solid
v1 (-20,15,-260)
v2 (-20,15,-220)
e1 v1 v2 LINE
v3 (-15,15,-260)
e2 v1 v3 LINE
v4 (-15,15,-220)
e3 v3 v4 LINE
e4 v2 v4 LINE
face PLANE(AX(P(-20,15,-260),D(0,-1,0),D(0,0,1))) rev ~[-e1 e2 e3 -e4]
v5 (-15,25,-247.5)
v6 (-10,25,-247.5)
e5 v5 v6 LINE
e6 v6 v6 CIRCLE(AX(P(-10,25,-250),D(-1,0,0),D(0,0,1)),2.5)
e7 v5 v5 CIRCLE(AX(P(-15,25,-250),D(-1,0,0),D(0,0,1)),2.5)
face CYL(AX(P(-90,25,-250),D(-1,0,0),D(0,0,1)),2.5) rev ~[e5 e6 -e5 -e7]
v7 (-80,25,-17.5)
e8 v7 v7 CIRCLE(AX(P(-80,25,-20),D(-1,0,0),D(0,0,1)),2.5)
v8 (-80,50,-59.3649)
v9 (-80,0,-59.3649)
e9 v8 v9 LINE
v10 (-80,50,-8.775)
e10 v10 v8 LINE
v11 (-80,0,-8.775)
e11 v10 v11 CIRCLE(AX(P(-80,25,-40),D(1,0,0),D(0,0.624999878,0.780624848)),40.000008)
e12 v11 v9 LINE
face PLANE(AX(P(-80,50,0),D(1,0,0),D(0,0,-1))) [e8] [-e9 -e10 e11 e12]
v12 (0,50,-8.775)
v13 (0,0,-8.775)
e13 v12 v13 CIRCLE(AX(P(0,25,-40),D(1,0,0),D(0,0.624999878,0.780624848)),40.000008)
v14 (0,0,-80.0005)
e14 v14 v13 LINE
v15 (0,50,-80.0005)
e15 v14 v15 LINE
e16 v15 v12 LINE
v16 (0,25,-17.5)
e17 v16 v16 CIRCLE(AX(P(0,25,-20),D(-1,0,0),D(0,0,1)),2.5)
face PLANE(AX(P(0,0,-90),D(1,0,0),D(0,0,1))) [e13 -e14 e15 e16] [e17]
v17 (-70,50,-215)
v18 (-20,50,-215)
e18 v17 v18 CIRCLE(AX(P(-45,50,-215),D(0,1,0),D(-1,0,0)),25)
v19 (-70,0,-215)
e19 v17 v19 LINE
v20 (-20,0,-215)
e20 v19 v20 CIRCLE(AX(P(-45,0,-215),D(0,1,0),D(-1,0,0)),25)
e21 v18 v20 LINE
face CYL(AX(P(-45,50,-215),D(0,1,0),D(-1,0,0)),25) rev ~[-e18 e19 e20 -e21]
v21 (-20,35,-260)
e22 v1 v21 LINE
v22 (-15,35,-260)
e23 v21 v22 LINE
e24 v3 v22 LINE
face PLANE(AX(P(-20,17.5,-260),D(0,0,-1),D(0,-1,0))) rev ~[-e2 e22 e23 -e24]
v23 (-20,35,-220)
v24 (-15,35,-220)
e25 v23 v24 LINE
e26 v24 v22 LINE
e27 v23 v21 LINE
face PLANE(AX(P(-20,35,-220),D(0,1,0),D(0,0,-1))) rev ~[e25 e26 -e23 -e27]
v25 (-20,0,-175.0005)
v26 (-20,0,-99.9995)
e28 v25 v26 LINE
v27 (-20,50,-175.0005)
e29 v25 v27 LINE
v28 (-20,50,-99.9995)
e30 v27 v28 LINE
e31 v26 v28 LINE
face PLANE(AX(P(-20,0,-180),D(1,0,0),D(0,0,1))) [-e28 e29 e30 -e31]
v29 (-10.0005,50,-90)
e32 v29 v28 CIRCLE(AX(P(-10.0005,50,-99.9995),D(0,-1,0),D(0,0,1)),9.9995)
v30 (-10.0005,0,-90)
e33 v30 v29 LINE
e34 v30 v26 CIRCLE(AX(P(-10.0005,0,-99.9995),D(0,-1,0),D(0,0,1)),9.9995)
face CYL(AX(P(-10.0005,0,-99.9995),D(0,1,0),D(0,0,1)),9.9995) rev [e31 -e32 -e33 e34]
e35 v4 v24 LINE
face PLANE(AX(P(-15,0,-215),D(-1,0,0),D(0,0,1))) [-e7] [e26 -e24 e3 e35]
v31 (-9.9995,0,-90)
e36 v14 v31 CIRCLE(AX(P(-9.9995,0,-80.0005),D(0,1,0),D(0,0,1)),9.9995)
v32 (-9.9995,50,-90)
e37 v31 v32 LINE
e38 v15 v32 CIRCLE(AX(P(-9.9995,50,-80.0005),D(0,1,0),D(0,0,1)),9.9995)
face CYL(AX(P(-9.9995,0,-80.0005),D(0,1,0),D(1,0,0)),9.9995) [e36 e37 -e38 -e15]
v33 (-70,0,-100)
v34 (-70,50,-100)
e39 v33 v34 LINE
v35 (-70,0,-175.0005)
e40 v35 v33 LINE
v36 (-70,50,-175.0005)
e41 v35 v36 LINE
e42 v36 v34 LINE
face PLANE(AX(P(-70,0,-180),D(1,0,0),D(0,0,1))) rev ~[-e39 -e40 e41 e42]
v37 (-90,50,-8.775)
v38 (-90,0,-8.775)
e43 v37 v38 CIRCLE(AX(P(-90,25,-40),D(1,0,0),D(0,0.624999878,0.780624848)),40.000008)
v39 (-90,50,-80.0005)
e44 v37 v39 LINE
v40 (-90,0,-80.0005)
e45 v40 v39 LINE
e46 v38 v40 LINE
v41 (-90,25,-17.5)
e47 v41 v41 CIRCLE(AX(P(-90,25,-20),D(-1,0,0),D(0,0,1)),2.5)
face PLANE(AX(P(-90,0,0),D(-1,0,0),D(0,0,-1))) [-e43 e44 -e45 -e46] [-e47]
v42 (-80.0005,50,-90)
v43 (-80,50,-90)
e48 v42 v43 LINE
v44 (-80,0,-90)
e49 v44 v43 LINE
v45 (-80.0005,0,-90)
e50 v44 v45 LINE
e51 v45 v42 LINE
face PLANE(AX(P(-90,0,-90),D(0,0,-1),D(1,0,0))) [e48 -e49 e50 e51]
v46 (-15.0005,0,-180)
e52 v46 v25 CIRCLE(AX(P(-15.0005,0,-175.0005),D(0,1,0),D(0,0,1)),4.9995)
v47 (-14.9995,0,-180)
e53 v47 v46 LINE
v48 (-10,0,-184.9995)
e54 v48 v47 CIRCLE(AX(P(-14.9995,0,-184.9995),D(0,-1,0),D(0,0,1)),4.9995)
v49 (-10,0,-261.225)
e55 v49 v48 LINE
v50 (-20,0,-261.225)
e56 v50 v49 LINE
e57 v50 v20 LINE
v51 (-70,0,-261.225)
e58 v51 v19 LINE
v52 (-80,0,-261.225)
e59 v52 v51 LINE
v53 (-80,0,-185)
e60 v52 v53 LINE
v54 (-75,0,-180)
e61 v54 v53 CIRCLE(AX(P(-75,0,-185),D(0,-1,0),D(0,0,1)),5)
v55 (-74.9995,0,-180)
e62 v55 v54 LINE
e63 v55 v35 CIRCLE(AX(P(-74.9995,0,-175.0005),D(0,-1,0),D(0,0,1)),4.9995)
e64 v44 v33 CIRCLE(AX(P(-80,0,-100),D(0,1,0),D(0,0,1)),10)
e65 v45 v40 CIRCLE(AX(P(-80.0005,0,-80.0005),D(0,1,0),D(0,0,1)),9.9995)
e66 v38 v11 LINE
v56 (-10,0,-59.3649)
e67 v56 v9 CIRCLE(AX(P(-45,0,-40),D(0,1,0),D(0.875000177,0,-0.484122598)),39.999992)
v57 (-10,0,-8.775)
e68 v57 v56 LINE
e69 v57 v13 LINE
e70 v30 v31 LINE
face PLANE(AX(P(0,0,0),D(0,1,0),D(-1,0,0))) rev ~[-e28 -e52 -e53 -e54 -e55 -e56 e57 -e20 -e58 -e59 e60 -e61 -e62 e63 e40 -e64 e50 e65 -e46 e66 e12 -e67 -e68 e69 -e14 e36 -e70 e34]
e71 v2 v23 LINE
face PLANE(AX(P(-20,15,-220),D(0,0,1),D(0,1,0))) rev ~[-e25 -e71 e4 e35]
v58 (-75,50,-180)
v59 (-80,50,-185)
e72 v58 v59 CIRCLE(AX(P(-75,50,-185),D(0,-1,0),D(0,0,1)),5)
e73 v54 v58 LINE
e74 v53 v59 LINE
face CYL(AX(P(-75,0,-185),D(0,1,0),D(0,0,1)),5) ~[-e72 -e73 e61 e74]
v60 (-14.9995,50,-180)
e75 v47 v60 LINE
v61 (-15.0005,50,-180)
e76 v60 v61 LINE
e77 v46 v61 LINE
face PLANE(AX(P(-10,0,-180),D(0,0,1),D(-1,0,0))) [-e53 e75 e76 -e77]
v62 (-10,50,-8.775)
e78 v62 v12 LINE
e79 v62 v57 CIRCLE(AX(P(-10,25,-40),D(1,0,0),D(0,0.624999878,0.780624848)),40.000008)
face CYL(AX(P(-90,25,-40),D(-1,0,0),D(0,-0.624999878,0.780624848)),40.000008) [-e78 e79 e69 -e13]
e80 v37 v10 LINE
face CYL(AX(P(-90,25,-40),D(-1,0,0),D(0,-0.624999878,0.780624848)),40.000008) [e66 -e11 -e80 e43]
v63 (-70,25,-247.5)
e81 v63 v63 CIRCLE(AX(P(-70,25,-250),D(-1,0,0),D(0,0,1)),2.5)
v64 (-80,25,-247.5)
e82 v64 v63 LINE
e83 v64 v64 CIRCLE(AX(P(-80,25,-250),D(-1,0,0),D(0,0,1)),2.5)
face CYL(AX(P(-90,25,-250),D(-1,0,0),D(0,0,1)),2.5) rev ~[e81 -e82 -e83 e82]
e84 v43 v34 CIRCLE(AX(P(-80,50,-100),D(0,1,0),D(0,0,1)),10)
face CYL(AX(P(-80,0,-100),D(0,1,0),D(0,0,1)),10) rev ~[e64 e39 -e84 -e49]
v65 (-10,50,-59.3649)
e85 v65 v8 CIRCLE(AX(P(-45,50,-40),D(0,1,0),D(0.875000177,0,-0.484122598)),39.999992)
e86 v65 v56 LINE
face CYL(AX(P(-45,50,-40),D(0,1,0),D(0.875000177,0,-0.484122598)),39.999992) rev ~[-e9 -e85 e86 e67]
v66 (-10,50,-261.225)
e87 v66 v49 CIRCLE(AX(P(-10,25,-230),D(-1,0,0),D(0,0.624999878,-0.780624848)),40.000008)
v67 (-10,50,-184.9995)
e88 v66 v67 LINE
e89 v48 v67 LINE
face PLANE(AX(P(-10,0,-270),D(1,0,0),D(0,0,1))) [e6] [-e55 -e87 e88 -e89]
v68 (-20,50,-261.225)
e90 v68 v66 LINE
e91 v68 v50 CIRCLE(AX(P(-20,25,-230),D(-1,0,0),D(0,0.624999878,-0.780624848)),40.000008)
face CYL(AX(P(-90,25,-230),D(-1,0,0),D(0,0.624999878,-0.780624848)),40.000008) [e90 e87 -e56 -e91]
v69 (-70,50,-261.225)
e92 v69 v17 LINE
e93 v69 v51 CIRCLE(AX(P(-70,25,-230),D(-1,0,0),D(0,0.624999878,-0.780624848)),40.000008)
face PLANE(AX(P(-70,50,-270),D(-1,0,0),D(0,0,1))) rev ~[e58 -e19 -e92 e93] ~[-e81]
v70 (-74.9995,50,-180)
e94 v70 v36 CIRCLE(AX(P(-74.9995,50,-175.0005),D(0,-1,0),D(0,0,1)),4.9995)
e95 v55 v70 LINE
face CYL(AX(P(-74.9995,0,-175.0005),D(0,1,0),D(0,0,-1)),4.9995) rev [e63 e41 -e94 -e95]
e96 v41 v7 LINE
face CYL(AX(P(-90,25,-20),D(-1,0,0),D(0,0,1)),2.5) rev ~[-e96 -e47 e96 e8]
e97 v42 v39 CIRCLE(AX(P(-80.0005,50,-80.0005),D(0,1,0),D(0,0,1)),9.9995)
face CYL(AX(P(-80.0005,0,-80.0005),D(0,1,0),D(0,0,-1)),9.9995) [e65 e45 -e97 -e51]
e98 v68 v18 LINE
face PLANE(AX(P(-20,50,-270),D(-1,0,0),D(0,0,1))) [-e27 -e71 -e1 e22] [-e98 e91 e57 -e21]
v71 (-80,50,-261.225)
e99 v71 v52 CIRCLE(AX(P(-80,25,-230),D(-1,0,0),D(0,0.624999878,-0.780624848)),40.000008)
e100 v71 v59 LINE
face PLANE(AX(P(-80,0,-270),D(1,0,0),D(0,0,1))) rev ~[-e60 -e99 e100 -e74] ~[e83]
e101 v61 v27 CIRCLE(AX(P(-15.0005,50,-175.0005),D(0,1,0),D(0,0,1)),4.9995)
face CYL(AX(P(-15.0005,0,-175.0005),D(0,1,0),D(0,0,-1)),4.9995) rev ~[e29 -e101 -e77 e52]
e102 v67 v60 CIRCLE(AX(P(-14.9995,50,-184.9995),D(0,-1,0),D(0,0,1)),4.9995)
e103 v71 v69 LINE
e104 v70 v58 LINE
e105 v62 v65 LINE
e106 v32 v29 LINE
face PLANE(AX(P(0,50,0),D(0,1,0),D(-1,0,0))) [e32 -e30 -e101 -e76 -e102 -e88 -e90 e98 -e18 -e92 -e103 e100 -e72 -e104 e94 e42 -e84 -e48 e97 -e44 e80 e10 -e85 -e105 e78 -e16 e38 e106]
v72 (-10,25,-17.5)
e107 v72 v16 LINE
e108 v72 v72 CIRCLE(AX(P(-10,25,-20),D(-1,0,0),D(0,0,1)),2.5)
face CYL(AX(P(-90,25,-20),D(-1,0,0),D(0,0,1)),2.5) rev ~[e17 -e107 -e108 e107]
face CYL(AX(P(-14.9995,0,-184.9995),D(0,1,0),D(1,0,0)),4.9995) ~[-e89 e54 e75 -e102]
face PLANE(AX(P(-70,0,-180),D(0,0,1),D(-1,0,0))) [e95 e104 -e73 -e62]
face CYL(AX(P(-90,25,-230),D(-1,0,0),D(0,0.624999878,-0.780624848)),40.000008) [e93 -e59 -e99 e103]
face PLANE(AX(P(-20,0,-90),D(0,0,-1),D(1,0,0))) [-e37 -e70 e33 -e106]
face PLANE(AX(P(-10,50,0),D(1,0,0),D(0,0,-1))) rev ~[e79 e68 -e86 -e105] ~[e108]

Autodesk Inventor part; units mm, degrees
ref_plane "YZ Plane" through (0, 0, 0) normal (1, 0, 0) x (0, 1, 0)
ref_plane "XZ Plane" through (0, 0, 0) normal (0, 1, 0) x (-1, 0, 0)
ref_plane "XY Plane" through (0, 0, 0) normal (0, 0, 1) x (1, 0, 0)
sketch "Sketch1" plane through (0, 0, 0) normal (0, 1, 0) x (-1, 0, 0)
  line L0 (90, 0) -> (90, -90)
  line L1 (0, -90) -> (0, 0)
  line L2 (90, 0) -> (90, -90)
  line L3 (90, -90) -> (0, -90)
  line L4 (10, -180) -> (80, -180)
  line L5 (90, 0) -> (80, 0)
  line L6 (80, 0) -> (80, -90)
  line L7 (0, 0) -> (10, 0)
  line L8 (10, 0) -> (10, -90)
  line L9 (80, -270) -> (80, -180)
  line L10 (10, -270) -> (10, -180)
  line L11 (80, -270) -> (70, -270)
  line L12 (70, -270) -> (70, -180)
  line L13 (10, -270) -> (20, -270)
  line L14 (20, -270) -> (20, -180)
  line L15 (80, -90) -> (70, -90)
  line L16 (70, -180) -> (60, -180)
  line L17 (20, -180) -> (30, -180)
  line L18 (70, -180) -> (70, -90)
  line L19 (20, -180) -> (20, -90)
  line L20 (80, -270) -> (70, -270)
  line L21 (20, -270) -> (10, -270)
  line L22 (0, 0) -> (10, 0)
  line L23 (80, 0) -> (90, 0)
  line L24 (90, 0) -> (80, 0)
  line L25 (0, 0) -> (10, 0)
  line L26 (90, 0) -> (0, 0)
  line L27 (80, -270) -> (10, -270)
  dimension "d2" = 90
  dimension "d4" = 10
  dimension "d5" = 10
extrude "Extrusion1" add sketch "Sketch1" along normal blind 50
sketch "Sketch2" plane through (0, 50, 0) normal (0, 1, 0) x (1, 0, 0)
  arc A0 (-10, 59.3649) -> (-80, 59.3649) centre (-45, 40) ccw
  line L0 (-90, 0) -> (0, 0) projected
  line L1 (-90, 0) -> (-80, 0)
  line L2 (-80, 0) -> (-80, 59.3649)
  line L3 (0, 0) -> (-10, 0)
  line L4 (-10, 0) -> (-10, 59.3649)
  line L5 (-80, 0) -> (-10, 0)
  line L6 (-80, 270) -> (-80, 180) projected
  line L7 (-70, 270) -> (-20, 270)
  line L8 (-80, 180) -> (-80, 190)
  line L9 (-10, 180) -> (-10, 270) projected
  line L10 (-70, 270) -> (-70, 215)
  line L11 (-20, 270) -> (-20, 215)
  arc A1 (-70, 215) -> (-20, 215) centre (-45, 215) ccw
  point P0 (-90, 90)
  dimension "d18" = 10
  dimension "d19" = 10
  dimension "d25" = 10
extrude "Extrusion2" cut sketch "Sketch2" against normal blind 50
fillet "Fillet1" radius 10 1 edges at (-70, 25, -90)
fillet "Fillet2" radius 10 1 edges at (-90, 25, -90)
fillet "Fillet3" radius 10 2 edges at (-20, 25, -90) (0, 25, -90)
fillet "Fillet4" radius 5 1 edges at (-80, 25, -180)
fillet "Fillet5" radius 5 3 edges at (-70, 25, -180) (-10, 25, -180) (-20, 25, -180)
sketch "Sketch3" plane through (-90, 0, 0) normal (-1, 0, 0) x (0, 0, 1)
  line L0 (0, 0) -> (0, 50) projected
  circle A0 centre (-20, 25) radius 2.5
  arc A1 (-8.775, 0) -> (-8.775, 50) centre (-40, 25) ccw
  line L1 (-80, 0) -> (-90, 0) projected
  line L2 (-8.775, 0) -> (0, 0)
  line L3 (0, 0) -> (0, 50)
  line L4 (0, 50) -> (-8.775, 50)
  line L5 (-270, 0) -> (-270, 50) projected
  circle A2 centre (-250, 25) radius 2.5
  line L6 (-270, 50) -> (-270, 0)
  arc A3 (-261.225, 50) -> (-261.225, 0) centre (-230, 25) ccw
  line L7 (-270, 0) -> (-261.225, 0)
  line L8 (-185, 0) -> (-270, 0) projected
  line L9 (-270, 50) -> (-261.225, 50)
  line L10 (-270, 50) -> (-185, 50) projected
  point P0 (0, 25)
  point P1 (-270, 25)
  dimension "d36" = 5
  dimension "d40" = 5
extrude "Extrusion3" cut sketch "Sketch3" against normal blind 150.25
sketch "Sketch4" plane through (-20, 0, -215) normal (-1, 0, 0) x (0, 0, 1)
  circle A0 centre (-35, 25) radius 2.5 projected
  line L0 (-45, 25) -> (-45, 32.5)
  line L1 (-45, 32.5) -> (-15, 32.5)
  line L2 (-15, 32.5) -> (-15, 17.5)
  line L3 (-15, 17.5) -> (-45, 17.5)
  line L4 (-45, 25) -> (-45, 17.5)
  point P0 (215, 0)
  dimension "d43" = 10
  dimension "d44" = 7.5
  dimension "d45" = 30
  dimension "d47" = 15
extrude "Extrusion4" cut sketch "Sketch4" against normal blind 5
sketch "Sketch5" plane through (-20, 0, -215) normal (-1, 0, 0) x (0, 0, 1)
  line L0 (-45, 17.5) -> (-45, 32.5) projected
  line L1 (-45, 32.5) -> (-45, 35)
  line L2 (-15, 17.5) -> (-45, 17.5) projected
  line L3 (-45, 17.5) -> (-45, 15)
  line L4 (-45, 15) -> (-5, 15)
  line L5 (-5, 15) -> (-5, 35)
  line L6 (-5, 35) -> (-45, 35)
  line L7 (-45, 17.5) -> (-45, 32.5)
  point P0 (215, 0)
  dimension "d50" = 2.5
  dimension "d51" = 2.5
  dimension "d52" = 40
  dimension "d53" = 20
extrude "Extrusion5" cut sketch "Sketch5" against normal blind 5
properties part number "PartArmNEW"
